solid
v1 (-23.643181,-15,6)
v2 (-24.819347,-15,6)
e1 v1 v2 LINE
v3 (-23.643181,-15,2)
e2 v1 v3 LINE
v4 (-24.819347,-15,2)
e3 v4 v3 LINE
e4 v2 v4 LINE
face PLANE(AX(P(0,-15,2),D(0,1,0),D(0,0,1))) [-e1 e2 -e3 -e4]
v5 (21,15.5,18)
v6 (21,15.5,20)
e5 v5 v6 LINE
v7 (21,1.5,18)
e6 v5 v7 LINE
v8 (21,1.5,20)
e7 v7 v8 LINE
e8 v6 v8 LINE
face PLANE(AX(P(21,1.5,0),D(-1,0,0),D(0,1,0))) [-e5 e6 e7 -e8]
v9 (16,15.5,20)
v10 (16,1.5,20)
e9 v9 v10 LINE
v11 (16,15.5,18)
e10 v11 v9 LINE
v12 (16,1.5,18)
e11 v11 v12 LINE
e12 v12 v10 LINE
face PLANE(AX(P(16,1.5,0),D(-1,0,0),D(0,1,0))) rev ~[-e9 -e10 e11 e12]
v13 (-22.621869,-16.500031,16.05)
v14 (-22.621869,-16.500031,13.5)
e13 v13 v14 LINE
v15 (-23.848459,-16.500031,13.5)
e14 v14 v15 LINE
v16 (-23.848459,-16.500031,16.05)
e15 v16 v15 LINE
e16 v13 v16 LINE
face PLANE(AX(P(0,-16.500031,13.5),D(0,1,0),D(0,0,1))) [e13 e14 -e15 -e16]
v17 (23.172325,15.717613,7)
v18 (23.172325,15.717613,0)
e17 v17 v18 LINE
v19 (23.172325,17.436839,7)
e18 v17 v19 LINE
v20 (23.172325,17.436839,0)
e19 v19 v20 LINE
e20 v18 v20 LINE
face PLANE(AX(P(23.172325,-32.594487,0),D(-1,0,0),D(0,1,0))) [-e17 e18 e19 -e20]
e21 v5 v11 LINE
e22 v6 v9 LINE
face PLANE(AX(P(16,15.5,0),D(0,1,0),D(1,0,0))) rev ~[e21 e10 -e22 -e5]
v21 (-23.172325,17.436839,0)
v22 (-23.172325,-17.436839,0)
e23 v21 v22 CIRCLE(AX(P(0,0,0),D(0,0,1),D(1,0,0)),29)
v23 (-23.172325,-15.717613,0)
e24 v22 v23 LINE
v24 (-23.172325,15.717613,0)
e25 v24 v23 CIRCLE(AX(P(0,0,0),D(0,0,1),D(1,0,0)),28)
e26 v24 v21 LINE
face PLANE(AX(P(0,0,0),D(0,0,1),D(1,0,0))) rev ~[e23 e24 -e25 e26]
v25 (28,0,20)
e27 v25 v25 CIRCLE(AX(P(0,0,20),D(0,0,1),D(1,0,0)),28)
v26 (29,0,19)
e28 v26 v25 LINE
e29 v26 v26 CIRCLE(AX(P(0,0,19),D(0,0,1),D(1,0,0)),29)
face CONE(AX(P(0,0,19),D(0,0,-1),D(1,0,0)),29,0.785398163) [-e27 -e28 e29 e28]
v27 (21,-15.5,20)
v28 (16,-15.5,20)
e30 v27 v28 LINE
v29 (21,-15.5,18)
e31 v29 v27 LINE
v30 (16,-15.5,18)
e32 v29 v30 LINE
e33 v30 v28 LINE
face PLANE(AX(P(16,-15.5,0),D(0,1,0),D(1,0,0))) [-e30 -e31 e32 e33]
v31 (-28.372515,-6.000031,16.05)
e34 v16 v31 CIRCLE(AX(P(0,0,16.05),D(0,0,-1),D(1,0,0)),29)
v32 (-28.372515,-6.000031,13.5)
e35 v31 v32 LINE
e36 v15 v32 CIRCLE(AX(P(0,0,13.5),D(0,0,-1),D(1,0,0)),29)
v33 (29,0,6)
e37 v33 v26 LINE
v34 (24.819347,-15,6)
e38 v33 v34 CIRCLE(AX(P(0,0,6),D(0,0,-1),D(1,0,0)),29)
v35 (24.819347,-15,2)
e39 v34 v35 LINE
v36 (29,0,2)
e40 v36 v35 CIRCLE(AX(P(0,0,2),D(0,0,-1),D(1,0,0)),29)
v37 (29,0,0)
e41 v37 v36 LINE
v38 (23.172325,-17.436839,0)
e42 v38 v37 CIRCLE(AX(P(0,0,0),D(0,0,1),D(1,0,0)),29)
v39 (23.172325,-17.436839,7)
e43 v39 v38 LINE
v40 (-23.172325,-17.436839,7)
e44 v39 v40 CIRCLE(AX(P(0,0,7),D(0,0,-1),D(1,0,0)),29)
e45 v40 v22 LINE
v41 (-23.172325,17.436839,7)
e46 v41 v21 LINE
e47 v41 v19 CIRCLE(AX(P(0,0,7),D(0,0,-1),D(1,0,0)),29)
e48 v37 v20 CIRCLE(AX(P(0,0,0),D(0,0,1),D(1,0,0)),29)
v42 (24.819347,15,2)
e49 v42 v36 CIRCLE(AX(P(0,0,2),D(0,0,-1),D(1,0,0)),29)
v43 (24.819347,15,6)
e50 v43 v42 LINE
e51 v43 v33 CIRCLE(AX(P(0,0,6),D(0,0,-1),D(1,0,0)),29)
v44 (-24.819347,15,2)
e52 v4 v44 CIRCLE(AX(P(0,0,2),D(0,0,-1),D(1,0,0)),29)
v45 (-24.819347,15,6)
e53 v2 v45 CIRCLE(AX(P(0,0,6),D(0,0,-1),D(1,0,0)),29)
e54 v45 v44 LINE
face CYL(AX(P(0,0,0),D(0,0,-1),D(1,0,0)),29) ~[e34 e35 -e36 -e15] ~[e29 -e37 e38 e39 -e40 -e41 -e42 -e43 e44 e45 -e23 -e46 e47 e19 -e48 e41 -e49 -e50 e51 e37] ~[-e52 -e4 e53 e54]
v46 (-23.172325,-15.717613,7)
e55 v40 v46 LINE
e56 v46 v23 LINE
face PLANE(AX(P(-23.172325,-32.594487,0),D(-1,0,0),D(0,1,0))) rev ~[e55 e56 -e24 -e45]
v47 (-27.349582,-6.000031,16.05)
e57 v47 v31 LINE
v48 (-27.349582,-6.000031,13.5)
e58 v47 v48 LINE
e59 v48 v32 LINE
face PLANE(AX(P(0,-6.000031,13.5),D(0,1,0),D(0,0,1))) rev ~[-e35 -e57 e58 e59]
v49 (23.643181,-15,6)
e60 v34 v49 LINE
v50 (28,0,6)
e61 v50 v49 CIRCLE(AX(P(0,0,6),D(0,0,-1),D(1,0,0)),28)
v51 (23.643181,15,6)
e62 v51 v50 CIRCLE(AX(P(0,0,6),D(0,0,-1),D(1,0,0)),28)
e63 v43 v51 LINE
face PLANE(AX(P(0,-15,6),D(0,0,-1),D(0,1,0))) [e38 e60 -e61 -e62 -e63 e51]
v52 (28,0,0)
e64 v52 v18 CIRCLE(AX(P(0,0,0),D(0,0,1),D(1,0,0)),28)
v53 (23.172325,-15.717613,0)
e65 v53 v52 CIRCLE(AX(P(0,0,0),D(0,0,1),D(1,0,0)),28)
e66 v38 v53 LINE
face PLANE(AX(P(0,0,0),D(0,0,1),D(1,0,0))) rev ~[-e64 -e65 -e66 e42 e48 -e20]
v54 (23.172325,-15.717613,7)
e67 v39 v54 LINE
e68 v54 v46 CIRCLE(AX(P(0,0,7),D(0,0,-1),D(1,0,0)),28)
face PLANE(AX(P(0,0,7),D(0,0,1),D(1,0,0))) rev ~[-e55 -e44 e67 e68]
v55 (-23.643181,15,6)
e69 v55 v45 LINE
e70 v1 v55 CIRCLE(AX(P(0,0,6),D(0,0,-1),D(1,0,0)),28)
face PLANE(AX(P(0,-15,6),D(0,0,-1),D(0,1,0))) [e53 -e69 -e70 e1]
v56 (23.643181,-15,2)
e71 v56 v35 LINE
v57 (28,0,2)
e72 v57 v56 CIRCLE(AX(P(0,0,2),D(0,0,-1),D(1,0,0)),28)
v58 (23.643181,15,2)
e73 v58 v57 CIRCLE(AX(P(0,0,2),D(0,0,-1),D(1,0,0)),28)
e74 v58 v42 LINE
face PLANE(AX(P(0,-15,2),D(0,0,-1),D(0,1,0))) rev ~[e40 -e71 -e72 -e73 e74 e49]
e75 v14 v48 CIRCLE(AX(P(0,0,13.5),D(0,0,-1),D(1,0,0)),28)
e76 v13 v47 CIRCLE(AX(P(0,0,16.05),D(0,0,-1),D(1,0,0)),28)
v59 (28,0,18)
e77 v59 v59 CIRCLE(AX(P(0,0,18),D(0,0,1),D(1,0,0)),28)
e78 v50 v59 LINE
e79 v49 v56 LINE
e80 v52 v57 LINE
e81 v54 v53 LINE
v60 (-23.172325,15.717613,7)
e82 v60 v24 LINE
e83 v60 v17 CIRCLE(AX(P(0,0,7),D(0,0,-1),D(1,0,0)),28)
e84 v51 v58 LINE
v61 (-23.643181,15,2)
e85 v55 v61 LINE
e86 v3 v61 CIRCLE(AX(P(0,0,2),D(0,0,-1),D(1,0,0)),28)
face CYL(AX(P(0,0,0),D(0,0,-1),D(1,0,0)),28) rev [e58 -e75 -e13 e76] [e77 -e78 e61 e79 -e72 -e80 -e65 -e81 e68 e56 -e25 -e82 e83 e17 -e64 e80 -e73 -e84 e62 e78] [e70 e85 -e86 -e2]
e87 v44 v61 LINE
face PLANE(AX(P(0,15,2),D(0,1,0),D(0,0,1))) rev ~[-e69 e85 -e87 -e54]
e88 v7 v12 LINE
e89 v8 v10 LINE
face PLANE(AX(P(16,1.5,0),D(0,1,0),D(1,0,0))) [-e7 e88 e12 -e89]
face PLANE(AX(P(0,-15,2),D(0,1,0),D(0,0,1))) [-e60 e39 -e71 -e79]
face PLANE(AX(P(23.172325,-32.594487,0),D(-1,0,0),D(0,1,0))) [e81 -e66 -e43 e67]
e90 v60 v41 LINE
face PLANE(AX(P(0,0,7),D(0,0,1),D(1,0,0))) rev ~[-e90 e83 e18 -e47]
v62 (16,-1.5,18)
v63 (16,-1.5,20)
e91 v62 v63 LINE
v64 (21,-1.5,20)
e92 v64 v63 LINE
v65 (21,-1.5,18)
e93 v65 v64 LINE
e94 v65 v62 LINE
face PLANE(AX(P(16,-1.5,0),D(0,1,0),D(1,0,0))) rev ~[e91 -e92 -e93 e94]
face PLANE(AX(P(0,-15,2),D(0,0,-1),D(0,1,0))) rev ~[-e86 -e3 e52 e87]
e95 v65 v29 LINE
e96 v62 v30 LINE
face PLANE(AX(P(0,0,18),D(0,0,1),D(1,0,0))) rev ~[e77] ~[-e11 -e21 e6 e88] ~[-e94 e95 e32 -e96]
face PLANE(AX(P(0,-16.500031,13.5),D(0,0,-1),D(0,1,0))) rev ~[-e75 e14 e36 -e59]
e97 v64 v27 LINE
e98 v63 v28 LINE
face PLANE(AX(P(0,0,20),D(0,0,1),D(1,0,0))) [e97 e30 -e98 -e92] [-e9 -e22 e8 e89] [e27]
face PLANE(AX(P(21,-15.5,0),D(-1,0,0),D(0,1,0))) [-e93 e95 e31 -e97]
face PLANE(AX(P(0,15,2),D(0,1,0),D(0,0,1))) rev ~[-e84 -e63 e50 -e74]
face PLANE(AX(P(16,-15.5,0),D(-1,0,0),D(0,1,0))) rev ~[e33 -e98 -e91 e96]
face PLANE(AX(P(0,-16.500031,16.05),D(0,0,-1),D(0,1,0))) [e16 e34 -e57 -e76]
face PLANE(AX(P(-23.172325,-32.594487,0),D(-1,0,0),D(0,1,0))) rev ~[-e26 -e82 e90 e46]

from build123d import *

# Parameters (mm, degrees)
F0_R      = 29
F4_DEPTH  = 20
F5_SIZE   = 1
F1_R      = 28
F6_DEPTH  = 18
F2_W      = 5
F2_H      = 14
F7_DEPTH  = 20.1
F3_W      = 10.5
F3_H      = 2.55
F8_DEPTH  = 42.4
F9_W      = 46.34465
F9_H      = 65.188974
F10_DEPTH = 7
F11_W     = 30
F11_H     = 4
F12_DEPTH = 45


with BuildPart() as f4:
    # F0 (on Top) → F4 (new body)
    with BuildSketch(Plane.XY):
        Circle(F0_R)
    extrude(amount=F4_DEPTH)

    # F5
    f5_edges = [f4.edges().sort_by_distance(p)[0] for p in [
        (-29, 0, 20),
    ]]
    chamfer(f5_edges, length=F5_SIZE)

    # F1 (on Top) → F6 (cut)
    with BuildSketch(Plane.XY):
        Circle(F1_R)
    extrude(amount=F6_DEPTH, mode=Mode.SUBTRACT)

    # F2 (on face) → F7 (cut)
    with BuildSketch(Plane.XY):
        with Locations((18.5, 8.5)):
            Rectangle(F2_W, F2_H)
        with Locations((18.5, -8.5)):
            Rectangle(F2_W, F2_H)
    extrude(amount=F7_DEPTH, mode=Mode.SUBTRACT)

    # F3 (on Right) → F8 (cut)
    with BuildSketch(Plane.YZ):
        with Locations((-11.250031, 14.775)):
            Rectangle(F3_W, F3_H)
    extrude(amount=-F8_DEPTH, mode=Mode.SUBTRACT)

    # F9 (on Top) → F10 (cut)
    with BuildSketch(Plane.XY):
        Rectangle(F9_W, F9_H)
    extrude(amount=F10_DEPTH, mode=Mode.SUBTRACT)

    # F11 (on Right) → F12 (cut, symmetric)
    with BuildSketch(Plane.YZ):
        with Locations((0, 4)):
            Rectangle(F11_W, F11_H)
    extrude(amount=F12_DEPTH, both=True, mode=Mode.SUBTRACT)


solid = f4.part
